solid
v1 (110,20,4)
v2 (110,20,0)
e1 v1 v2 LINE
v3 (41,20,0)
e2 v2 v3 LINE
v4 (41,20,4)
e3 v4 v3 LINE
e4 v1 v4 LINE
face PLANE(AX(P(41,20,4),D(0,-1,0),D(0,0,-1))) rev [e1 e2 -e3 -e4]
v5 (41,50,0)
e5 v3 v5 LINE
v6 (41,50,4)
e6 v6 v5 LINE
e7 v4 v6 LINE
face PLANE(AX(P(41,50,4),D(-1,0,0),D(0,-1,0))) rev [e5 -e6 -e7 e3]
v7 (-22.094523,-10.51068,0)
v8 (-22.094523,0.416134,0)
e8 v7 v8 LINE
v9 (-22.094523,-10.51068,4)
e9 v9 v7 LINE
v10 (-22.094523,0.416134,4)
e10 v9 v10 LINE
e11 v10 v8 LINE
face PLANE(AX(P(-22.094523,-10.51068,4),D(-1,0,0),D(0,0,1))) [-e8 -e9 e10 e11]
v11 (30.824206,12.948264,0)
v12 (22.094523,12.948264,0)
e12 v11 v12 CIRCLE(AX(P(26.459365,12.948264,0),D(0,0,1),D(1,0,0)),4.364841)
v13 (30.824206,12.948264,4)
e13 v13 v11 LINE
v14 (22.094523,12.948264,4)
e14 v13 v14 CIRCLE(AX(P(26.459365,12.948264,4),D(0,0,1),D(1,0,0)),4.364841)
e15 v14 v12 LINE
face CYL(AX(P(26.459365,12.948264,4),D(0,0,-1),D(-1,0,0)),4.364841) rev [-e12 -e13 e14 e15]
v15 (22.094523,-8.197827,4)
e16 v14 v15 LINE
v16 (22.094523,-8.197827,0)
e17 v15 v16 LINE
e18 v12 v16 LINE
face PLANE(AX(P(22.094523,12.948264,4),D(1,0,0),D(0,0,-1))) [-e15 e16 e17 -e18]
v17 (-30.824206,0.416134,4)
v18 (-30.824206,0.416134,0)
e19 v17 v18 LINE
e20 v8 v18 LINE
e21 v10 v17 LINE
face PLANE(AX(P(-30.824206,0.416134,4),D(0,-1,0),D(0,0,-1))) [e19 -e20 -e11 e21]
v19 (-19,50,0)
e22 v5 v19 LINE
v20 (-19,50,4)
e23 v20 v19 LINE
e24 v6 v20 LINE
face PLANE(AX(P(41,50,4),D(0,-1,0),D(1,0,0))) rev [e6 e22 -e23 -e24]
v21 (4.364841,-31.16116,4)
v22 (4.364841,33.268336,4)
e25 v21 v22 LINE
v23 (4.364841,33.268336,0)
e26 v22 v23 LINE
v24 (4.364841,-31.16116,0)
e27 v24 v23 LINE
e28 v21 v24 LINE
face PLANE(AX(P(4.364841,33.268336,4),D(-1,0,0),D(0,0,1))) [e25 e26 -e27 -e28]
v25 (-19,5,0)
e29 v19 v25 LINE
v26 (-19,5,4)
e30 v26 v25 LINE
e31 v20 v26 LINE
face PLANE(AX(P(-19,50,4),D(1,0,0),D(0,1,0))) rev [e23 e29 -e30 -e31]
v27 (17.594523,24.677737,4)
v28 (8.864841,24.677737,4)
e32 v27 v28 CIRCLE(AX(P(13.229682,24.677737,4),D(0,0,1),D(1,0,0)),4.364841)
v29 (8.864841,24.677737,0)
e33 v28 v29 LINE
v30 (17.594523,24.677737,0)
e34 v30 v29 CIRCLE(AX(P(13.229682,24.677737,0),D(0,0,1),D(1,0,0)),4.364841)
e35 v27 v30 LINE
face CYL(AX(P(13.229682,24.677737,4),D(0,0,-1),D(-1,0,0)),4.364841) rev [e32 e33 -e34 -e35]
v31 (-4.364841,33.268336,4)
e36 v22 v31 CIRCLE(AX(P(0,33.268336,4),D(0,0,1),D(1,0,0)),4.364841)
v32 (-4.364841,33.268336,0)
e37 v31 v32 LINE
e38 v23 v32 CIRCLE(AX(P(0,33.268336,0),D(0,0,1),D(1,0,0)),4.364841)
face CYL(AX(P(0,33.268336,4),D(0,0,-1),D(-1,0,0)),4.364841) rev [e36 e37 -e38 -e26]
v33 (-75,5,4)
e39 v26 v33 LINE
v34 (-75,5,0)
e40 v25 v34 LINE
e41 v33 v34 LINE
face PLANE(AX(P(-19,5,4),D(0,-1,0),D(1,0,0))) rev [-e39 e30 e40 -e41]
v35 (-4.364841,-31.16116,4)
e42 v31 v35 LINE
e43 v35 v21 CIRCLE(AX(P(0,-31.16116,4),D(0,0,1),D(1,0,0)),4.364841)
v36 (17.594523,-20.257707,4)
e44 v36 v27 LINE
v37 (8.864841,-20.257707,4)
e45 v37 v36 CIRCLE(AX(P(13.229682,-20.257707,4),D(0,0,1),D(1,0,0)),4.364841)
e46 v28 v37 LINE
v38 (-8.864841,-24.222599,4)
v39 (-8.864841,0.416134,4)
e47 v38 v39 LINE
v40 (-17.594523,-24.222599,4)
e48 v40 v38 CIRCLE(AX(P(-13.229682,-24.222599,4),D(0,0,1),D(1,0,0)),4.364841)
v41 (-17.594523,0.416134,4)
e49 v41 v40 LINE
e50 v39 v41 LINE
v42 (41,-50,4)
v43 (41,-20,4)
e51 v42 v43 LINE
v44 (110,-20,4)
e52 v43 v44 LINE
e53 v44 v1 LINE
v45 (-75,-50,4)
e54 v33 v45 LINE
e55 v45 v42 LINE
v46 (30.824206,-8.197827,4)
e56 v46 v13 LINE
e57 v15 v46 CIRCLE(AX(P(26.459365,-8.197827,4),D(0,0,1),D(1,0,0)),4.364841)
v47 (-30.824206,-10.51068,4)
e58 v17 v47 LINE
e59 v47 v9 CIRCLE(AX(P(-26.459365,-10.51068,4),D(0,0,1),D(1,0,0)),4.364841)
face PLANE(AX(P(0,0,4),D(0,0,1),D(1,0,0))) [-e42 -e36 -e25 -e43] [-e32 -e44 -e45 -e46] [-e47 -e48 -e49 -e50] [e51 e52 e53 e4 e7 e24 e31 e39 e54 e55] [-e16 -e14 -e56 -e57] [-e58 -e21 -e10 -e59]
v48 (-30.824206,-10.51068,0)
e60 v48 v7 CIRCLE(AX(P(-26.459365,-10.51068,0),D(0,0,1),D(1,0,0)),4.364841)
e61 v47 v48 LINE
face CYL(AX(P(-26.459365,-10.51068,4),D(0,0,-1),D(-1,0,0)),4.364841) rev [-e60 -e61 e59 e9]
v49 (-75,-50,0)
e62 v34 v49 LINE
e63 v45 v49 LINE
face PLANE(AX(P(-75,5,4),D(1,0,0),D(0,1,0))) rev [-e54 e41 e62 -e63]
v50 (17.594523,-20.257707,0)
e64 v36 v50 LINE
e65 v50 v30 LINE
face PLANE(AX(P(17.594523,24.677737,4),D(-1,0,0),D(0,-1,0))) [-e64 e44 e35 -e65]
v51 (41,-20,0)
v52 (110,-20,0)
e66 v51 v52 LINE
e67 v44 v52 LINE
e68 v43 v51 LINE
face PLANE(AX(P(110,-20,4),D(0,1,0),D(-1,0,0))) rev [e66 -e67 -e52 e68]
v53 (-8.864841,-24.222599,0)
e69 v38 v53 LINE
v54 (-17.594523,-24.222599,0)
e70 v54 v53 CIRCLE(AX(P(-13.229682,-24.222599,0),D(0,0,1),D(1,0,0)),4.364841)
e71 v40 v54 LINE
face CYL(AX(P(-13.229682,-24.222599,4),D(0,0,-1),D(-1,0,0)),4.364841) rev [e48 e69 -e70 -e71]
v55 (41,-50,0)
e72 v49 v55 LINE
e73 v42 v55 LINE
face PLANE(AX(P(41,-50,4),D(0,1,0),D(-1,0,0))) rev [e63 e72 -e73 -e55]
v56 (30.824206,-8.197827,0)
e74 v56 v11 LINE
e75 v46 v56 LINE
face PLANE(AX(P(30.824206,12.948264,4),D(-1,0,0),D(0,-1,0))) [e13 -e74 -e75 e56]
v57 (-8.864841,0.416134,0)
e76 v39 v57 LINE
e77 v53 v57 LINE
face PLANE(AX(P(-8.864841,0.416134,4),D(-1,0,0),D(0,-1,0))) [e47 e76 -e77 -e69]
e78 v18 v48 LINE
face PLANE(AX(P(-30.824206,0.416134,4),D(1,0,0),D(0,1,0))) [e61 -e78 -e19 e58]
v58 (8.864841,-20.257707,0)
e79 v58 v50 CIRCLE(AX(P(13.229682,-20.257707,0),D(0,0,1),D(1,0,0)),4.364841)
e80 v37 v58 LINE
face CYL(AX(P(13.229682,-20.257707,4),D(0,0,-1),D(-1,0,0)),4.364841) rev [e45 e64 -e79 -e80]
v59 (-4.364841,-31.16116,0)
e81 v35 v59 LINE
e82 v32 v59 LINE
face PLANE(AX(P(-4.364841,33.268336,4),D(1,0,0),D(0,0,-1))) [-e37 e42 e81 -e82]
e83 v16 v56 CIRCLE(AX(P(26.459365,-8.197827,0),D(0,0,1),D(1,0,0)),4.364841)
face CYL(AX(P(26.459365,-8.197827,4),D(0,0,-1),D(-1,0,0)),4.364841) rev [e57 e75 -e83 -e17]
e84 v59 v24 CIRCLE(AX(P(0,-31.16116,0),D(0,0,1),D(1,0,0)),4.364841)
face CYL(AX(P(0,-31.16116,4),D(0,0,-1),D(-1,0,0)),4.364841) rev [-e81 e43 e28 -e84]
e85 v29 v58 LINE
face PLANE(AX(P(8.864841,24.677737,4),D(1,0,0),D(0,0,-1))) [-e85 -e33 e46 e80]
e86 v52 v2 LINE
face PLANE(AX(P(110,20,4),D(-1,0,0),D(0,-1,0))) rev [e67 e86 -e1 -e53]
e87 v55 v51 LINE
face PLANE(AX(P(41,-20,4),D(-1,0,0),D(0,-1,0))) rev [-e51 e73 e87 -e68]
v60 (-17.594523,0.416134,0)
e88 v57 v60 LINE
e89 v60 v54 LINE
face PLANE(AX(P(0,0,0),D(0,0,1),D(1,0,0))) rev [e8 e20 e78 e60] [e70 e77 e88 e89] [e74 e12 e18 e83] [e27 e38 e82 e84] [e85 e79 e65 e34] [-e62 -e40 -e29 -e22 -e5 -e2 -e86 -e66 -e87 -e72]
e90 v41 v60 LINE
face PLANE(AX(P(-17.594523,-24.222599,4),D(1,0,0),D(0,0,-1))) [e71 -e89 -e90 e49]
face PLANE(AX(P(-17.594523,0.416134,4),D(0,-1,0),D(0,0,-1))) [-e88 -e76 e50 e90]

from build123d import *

# Parameters (mm, degrees)
BOSS_EXTRUDE1_DEPTH = 4


with BuildPart() as part:
    # Sketch1 → Boss-Extrude1 (new body)
    with BuildSketch(Plane.XY):
        Polygon((-19, 50), (-19, 5), (-75, 5), (-75, -50), (41, -50), (41, -20), (110, -20), (110, 20), (41, 20), (41, 50), align=None)
        with BuildLine():
            Line((4.364841143, 33.268336331), (4.364841143, -31.161160072))
            ThreePointArc((4.364841143, -31.161160072), (0, -35.526001215), (-4.364841143, -31.161160072))
            Line((-4.364841143, -31.161160072), (-4.364841143, 33.268336331))
            ThreePointArc((-4.364841143, 33.268336331), (0, 37.633177474), (4.364841143, 33.268336331))
        make_face(mode=Mode.SUBTRACT)
        with BuildLine():
            Line((17.594523423, 24.677736811), (17.594523423, -20.257706835))
            ThreePointArc((17.594523423, -20.257706835), (13.229682283, -24.622547975), (8.864841143, -20.257706835))
            Line((8.864841143, -20.257706835), (8.864841143, 24.677736811))
            ThreePointArc((8.864841143, 24.677736811), (13.229682283, 29.042577951), (17.594523423, 24.677736811))
        make_face(mode=Mode.SUBTRACT)
        with BuildLine():
            Line((30.824205703, 12.948264388), (30.824205703, -8.197826739))
            ThreePointArc((30.824205703, -8.197826739), (26.459364563, -12.562667879), (22.094523423, -8.197826739))
            Line((22.094523423, -8.197826739), (22.094523423, 12.948264388))
            ThreePointArc((22.094523423, 12.948264388), (26.459364563, 17.313105528), (30.824205703, 12.948264388))
        make_face(mode=Mode.SUBTRACT)
        with BuildLine():
            Line((-30.824205703, 0.416133702), (-22.094523423, 0.416133702))
            Line((-22.094523423, 0.416133702), (-22.094523423, -10.510680456))
            ThreePointArc((-22.094523423, -10.510680456), (-26.459364563, -14.875521596), (-30.824205703, -10.510680456))
            Line((-30.824205703, -10.510680456), (-30.824205703, 0.416133702))
        make_face(mode=Mode.SUBTRACT)
        with BuildLine():
            Line((-17.594523423, 0.416133702), (-8.864841143, 0.416133702))
            Line((-8.864841143, 0.416133702), (-8.864841143, -24.222598921))
            ThreePointArc((-8.864841143, -24.222598921), (-13.229682283, -28.587440061), (-17.594523423, -24.222598921))
            Line((-17.594523423, -24.222598921), (-17.594523423, 0.416133702))
        make_face(mode=Mode.SUBTRACT)
    extrude(amount=BOSS_EXTRUDE1_DEPTH)


solid = part.part
